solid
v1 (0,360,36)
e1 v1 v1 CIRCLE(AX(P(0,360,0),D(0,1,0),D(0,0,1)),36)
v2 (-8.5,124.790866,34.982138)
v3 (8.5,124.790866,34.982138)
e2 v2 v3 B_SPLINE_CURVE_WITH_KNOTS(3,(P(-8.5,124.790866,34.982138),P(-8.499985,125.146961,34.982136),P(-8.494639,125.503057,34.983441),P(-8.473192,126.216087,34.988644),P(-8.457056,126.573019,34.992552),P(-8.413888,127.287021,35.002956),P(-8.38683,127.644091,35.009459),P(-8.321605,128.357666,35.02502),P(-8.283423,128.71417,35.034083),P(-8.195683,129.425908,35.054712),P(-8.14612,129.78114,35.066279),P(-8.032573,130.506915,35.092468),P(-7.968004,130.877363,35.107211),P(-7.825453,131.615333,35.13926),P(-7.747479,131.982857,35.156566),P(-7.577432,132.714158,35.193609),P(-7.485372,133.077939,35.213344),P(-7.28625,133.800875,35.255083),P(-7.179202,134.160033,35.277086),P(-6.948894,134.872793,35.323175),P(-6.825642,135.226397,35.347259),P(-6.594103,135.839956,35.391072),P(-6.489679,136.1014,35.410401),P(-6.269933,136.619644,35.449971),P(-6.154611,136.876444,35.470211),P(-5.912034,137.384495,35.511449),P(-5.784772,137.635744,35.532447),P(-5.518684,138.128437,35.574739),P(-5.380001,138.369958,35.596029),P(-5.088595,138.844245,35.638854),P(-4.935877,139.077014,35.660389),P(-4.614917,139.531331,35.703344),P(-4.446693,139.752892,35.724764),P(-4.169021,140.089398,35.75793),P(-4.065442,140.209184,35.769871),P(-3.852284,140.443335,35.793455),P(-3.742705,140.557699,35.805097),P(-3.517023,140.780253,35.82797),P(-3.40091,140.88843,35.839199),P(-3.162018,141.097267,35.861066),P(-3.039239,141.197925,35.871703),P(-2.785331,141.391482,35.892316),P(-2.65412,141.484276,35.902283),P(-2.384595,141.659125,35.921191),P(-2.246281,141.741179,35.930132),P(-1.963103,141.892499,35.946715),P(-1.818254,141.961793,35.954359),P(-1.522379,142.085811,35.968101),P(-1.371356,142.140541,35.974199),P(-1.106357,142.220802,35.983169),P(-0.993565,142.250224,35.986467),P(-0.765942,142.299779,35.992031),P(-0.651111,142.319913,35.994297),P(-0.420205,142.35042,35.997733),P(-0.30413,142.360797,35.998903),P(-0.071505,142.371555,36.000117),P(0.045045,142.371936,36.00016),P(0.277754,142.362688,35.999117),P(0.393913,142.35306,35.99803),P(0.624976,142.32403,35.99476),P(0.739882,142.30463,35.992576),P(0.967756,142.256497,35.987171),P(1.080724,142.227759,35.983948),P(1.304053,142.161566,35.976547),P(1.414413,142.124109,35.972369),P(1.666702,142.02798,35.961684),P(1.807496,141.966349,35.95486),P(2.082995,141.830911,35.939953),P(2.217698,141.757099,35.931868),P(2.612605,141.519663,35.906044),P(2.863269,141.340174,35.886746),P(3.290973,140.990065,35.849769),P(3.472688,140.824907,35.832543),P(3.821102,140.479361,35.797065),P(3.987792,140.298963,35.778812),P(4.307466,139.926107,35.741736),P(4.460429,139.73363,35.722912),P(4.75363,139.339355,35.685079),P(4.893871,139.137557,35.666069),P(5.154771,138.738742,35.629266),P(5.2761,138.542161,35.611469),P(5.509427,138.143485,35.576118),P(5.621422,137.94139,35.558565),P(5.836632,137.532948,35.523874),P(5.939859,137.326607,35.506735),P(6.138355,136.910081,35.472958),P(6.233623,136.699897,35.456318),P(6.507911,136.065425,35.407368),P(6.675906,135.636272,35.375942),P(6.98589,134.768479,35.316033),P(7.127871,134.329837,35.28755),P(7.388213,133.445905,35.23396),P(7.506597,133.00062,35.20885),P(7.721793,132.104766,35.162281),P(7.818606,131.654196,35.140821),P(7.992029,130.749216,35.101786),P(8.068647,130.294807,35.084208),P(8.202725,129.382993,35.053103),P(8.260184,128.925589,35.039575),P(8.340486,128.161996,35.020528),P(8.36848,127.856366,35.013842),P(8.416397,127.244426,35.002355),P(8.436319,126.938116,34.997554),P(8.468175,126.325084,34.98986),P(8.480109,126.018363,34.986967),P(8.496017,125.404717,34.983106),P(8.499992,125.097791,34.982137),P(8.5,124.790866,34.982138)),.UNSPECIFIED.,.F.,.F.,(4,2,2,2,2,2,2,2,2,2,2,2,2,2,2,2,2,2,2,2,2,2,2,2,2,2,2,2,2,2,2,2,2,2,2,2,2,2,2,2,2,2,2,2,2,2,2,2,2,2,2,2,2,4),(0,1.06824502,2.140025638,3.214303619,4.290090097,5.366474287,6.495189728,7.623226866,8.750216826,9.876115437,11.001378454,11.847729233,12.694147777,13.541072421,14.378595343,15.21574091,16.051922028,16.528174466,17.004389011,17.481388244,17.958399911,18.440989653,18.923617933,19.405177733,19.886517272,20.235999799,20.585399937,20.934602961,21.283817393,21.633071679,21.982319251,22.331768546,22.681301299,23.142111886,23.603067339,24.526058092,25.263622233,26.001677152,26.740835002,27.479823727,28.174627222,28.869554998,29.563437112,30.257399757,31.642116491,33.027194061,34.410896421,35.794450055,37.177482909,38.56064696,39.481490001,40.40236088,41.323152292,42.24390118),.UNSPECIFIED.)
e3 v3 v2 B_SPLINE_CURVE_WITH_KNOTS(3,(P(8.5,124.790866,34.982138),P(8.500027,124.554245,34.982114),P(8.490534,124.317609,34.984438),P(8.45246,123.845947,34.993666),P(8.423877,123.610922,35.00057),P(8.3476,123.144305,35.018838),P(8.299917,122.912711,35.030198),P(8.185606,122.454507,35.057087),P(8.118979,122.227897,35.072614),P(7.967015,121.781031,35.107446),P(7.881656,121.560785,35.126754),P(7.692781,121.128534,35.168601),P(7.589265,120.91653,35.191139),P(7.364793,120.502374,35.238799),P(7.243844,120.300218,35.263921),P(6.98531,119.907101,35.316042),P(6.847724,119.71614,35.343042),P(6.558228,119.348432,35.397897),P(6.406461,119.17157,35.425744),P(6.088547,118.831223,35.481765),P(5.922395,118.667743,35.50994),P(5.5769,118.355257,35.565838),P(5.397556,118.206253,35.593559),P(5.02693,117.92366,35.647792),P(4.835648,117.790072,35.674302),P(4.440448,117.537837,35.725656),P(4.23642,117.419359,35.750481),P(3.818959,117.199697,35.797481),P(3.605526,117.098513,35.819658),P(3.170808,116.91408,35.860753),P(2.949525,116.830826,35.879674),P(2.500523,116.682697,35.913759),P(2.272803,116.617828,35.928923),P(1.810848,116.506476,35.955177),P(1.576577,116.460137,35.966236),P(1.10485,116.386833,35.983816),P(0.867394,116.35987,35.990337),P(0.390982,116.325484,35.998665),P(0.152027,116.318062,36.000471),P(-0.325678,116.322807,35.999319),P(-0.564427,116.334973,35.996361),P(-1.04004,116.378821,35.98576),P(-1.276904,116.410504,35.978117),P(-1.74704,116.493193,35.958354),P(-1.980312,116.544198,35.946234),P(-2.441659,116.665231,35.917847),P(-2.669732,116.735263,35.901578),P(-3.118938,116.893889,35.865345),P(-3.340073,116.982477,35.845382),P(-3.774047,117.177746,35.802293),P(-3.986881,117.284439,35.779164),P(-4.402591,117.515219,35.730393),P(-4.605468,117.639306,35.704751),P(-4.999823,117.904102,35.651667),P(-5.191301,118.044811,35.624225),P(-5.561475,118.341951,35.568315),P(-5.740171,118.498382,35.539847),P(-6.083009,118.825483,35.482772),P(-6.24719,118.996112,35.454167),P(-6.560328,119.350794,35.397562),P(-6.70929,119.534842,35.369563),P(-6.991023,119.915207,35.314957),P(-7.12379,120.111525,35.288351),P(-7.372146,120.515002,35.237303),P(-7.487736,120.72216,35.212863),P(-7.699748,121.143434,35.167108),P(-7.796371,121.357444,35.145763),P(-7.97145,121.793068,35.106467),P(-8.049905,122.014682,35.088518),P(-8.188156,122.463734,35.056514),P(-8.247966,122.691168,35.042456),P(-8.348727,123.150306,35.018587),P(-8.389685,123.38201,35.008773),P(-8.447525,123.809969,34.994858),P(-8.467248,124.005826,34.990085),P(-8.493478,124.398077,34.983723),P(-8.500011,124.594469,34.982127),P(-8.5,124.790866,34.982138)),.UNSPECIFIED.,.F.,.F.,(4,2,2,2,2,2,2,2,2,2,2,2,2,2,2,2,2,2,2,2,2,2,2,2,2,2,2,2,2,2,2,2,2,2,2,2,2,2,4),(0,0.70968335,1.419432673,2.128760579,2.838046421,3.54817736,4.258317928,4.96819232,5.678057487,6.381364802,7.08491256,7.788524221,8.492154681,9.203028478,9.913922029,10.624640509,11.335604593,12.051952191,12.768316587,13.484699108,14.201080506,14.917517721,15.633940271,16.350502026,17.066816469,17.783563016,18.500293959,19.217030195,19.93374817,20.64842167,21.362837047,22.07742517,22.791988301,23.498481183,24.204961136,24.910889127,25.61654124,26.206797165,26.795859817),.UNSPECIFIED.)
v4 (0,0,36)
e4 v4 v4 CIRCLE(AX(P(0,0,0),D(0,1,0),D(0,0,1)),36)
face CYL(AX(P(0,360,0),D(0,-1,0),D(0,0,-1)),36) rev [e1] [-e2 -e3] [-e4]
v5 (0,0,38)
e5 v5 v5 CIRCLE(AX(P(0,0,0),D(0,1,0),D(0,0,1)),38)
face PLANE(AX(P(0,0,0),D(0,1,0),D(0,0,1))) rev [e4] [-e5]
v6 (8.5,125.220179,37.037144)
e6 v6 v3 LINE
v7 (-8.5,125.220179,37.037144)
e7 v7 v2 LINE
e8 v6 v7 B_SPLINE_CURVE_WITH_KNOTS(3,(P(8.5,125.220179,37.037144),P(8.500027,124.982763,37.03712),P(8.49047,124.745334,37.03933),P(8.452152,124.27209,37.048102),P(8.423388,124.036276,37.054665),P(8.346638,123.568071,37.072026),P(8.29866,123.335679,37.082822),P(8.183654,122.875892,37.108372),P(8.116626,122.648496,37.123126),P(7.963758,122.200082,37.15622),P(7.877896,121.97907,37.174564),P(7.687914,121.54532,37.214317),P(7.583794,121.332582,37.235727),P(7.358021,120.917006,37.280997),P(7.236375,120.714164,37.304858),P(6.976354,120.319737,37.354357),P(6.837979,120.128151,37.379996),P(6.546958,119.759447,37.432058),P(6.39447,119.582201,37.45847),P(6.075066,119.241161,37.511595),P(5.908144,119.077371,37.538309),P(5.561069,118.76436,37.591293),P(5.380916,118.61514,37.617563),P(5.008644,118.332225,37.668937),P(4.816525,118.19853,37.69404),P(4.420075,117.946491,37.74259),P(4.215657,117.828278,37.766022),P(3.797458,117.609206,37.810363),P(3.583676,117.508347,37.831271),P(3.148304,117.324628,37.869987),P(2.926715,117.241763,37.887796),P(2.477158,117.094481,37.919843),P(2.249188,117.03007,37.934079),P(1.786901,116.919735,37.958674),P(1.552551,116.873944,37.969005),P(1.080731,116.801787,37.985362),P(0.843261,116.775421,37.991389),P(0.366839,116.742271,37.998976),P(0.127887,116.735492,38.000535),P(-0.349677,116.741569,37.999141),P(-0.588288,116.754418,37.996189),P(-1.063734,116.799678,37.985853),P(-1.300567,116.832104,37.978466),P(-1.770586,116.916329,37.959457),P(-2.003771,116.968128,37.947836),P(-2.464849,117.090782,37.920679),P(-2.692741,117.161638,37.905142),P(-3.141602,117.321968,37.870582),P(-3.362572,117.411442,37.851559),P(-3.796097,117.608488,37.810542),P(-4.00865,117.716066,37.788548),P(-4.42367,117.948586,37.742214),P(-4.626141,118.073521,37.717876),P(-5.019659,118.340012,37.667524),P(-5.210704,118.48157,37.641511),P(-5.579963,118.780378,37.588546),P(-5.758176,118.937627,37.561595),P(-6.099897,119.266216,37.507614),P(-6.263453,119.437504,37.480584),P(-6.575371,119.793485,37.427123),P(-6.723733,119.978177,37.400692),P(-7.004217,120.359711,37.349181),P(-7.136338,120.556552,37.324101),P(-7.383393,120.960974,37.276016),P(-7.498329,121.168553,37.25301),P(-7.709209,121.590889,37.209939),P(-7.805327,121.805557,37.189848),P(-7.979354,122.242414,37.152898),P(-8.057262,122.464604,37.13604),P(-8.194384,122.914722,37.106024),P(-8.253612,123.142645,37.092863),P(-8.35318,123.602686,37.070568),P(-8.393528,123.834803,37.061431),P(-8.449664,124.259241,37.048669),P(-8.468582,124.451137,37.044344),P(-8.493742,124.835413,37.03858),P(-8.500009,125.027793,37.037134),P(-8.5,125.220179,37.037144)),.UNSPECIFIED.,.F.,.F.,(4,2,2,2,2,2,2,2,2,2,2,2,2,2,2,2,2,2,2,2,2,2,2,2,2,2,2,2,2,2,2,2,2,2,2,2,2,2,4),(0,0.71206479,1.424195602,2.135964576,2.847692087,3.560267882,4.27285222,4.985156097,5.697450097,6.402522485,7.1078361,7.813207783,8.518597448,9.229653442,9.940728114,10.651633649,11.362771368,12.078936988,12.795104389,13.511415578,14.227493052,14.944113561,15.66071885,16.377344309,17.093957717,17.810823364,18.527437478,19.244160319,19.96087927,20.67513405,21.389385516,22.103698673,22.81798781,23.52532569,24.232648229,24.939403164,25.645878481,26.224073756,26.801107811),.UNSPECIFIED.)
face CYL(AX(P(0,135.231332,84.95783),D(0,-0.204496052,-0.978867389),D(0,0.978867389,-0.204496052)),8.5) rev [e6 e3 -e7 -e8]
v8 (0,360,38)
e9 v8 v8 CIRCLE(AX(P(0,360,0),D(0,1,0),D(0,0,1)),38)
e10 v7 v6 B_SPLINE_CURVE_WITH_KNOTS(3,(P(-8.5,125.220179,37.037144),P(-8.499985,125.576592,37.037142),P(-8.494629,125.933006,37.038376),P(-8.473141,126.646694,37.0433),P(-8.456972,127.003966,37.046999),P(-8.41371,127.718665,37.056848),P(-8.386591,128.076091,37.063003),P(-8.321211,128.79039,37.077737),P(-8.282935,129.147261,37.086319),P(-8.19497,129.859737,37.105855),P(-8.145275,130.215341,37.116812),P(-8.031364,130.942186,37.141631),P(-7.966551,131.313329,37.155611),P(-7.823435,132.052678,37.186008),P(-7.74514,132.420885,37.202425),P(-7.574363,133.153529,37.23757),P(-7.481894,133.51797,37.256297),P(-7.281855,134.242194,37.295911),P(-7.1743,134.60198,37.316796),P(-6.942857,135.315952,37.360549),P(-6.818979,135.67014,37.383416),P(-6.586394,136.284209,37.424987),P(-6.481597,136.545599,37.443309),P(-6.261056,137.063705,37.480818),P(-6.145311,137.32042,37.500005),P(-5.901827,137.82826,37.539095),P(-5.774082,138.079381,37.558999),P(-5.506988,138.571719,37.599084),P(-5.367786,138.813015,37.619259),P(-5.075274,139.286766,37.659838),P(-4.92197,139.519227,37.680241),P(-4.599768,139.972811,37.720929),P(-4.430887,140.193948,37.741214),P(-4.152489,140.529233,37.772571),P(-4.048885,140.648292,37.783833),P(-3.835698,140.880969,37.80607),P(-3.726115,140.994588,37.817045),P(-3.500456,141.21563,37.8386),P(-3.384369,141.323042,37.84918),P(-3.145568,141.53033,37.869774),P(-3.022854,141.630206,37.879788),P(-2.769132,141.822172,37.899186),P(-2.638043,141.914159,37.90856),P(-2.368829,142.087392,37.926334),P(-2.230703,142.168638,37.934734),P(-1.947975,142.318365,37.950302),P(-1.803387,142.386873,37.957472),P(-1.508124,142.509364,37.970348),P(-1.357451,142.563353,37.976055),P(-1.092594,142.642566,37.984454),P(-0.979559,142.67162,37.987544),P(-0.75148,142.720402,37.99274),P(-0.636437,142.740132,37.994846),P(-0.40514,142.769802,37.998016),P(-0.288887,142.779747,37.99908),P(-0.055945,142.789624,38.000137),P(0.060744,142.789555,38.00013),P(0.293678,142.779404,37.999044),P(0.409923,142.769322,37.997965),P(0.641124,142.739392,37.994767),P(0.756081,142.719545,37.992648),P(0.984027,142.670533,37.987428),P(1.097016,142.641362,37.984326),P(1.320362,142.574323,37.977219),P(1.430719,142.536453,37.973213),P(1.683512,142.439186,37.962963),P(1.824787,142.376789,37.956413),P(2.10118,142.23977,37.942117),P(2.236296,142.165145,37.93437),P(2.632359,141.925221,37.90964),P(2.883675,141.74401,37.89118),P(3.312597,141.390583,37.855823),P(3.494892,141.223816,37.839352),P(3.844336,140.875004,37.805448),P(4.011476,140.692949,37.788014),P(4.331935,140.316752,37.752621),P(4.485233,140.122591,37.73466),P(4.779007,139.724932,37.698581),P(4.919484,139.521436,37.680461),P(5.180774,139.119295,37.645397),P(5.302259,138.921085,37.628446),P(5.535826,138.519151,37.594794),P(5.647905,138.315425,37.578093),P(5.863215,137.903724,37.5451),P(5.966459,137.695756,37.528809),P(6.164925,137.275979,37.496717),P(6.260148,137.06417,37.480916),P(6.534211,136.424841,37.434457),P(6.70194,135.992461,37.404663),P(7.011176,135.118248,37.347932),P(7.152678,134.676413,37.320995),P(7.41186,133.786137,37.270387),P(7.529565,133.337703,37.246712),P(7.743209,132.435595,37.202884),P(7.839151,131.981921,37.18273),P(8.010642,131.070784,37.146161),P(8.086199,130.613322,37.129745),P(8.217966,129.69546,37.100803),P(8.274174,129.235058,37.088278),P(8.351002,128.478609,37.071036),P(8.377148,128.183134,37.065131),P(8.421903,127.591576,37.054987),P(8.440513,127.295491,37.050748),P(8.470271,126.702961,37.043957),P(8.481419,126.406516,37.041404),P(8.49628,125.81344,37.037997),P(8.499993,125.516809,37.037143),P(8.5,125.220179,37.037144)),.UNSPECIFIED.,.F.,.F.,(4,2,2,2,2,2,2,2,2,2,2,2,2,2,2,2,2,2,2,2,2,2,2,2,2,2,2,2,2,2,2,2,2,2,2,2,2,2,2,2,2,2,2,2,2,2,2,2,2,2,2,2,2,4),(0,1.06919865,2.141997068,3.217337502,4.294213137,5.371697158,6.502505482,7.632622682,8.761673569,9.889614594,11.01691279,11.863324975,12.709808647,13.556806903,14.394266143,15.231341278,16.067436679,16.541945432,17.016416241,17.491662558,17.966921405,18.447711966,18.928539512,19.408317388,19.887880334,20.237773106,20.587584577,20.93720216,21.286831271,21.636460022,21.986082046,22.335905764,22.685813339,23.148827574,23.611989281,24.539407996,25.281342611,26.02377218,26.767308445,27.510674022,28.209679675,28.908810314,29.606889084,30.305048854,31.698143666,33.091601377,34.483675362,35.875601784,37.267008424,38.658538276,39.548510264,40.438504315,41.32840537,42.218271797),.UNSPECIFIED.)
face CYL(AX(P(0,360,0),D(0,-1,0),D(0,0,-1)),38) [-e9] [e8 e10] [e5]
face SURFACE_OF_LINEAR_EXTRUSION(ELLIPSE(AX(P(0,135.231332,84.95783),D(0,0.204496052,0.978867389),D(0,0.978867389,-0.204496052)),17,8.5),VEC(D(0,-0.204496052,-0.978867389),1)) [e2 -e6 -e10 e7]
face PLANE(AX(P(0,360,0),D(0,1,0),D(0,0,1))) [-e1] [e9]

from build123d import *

# Parameters (mm, degrees)
SKETCH2_R               = 38
SKETCH2_R_2             = 36
BOSS_EXTRUDE1_DEPTH     = 360
CUT_EXTRUDE1_REACH      = 365.989
CUT_EXTRUDE1_END_RADIUS = 38


with BuildPart() as part:
    # Sketch2 → Boss-Extrude1 (new body)
    with BuildSketch(Plane(origin=(0, 0, 0), x_dir=(1, 0, 0), z_dir=(0, 1, 0))):
        with Locations(Location((0, 0, 0), (0, 0, 90))):
            Circle(SKETCH2_R)
        with Locations(Location((0, 0, 0), (0, 0, 90))):
            Circle(SKETCH2_R_2, mode=Mode.SUBTRACT)
    extrude(amount=BOSS_EXTRUDE1_DEPTH)

    # Cut-Extrude1: up to this cylinder (the profile starts inside it)
    cut_extrude1_end = Plane(origin=(0, 116.09976, 0), z_dir=(0, -1, 0)) * Cylinder(CUT_EXTRUDE1_END_RADIUS, 808.978, mode=Mode.PRIVATE)
    # Sketch3 → Cut-Extrude1 (cut, up to the surface)
    with BuildSketch(Plane(origin=(0, 0, 0), x_dir=(-1, 0, 0), z_dir=(0, 0.20449605184179045, 0.978867388761685)), mode=Mode.PRIVATE) as cut_extrude1_sk1:
        with BuildLine():
            ThreePointArc((8.5, -115), (0, -106.5), (-8.5, -115))
            add(Edge.make_bspline(
                [(-8.5, -115), (-8.5, -132), (0, -132), (8.5, -132), (8.5, -115)],
                knots=[4.71238898, 4.71238898, 4.71238898, 6.283185307, 6.283185307, 7.853981634, 7.853981634, 7.853981634], degree=2, weights=[1, 0.707106781, 1, 0.707106781, 1]))
        make_face()
    cut_extrude1_tool1 = extrude(cut_extrude1_sk1.sketch, amount=CUT_EXTRUDE1_REACH, mode=Mode.PRIVATE) & cut_extrude1_end
    add(cut_extrude1_tool1.solids().sort_by_distance((0, 116.09976, -24.254504))[0], mode=Mode.SUBTRACT)


solid = part.part
